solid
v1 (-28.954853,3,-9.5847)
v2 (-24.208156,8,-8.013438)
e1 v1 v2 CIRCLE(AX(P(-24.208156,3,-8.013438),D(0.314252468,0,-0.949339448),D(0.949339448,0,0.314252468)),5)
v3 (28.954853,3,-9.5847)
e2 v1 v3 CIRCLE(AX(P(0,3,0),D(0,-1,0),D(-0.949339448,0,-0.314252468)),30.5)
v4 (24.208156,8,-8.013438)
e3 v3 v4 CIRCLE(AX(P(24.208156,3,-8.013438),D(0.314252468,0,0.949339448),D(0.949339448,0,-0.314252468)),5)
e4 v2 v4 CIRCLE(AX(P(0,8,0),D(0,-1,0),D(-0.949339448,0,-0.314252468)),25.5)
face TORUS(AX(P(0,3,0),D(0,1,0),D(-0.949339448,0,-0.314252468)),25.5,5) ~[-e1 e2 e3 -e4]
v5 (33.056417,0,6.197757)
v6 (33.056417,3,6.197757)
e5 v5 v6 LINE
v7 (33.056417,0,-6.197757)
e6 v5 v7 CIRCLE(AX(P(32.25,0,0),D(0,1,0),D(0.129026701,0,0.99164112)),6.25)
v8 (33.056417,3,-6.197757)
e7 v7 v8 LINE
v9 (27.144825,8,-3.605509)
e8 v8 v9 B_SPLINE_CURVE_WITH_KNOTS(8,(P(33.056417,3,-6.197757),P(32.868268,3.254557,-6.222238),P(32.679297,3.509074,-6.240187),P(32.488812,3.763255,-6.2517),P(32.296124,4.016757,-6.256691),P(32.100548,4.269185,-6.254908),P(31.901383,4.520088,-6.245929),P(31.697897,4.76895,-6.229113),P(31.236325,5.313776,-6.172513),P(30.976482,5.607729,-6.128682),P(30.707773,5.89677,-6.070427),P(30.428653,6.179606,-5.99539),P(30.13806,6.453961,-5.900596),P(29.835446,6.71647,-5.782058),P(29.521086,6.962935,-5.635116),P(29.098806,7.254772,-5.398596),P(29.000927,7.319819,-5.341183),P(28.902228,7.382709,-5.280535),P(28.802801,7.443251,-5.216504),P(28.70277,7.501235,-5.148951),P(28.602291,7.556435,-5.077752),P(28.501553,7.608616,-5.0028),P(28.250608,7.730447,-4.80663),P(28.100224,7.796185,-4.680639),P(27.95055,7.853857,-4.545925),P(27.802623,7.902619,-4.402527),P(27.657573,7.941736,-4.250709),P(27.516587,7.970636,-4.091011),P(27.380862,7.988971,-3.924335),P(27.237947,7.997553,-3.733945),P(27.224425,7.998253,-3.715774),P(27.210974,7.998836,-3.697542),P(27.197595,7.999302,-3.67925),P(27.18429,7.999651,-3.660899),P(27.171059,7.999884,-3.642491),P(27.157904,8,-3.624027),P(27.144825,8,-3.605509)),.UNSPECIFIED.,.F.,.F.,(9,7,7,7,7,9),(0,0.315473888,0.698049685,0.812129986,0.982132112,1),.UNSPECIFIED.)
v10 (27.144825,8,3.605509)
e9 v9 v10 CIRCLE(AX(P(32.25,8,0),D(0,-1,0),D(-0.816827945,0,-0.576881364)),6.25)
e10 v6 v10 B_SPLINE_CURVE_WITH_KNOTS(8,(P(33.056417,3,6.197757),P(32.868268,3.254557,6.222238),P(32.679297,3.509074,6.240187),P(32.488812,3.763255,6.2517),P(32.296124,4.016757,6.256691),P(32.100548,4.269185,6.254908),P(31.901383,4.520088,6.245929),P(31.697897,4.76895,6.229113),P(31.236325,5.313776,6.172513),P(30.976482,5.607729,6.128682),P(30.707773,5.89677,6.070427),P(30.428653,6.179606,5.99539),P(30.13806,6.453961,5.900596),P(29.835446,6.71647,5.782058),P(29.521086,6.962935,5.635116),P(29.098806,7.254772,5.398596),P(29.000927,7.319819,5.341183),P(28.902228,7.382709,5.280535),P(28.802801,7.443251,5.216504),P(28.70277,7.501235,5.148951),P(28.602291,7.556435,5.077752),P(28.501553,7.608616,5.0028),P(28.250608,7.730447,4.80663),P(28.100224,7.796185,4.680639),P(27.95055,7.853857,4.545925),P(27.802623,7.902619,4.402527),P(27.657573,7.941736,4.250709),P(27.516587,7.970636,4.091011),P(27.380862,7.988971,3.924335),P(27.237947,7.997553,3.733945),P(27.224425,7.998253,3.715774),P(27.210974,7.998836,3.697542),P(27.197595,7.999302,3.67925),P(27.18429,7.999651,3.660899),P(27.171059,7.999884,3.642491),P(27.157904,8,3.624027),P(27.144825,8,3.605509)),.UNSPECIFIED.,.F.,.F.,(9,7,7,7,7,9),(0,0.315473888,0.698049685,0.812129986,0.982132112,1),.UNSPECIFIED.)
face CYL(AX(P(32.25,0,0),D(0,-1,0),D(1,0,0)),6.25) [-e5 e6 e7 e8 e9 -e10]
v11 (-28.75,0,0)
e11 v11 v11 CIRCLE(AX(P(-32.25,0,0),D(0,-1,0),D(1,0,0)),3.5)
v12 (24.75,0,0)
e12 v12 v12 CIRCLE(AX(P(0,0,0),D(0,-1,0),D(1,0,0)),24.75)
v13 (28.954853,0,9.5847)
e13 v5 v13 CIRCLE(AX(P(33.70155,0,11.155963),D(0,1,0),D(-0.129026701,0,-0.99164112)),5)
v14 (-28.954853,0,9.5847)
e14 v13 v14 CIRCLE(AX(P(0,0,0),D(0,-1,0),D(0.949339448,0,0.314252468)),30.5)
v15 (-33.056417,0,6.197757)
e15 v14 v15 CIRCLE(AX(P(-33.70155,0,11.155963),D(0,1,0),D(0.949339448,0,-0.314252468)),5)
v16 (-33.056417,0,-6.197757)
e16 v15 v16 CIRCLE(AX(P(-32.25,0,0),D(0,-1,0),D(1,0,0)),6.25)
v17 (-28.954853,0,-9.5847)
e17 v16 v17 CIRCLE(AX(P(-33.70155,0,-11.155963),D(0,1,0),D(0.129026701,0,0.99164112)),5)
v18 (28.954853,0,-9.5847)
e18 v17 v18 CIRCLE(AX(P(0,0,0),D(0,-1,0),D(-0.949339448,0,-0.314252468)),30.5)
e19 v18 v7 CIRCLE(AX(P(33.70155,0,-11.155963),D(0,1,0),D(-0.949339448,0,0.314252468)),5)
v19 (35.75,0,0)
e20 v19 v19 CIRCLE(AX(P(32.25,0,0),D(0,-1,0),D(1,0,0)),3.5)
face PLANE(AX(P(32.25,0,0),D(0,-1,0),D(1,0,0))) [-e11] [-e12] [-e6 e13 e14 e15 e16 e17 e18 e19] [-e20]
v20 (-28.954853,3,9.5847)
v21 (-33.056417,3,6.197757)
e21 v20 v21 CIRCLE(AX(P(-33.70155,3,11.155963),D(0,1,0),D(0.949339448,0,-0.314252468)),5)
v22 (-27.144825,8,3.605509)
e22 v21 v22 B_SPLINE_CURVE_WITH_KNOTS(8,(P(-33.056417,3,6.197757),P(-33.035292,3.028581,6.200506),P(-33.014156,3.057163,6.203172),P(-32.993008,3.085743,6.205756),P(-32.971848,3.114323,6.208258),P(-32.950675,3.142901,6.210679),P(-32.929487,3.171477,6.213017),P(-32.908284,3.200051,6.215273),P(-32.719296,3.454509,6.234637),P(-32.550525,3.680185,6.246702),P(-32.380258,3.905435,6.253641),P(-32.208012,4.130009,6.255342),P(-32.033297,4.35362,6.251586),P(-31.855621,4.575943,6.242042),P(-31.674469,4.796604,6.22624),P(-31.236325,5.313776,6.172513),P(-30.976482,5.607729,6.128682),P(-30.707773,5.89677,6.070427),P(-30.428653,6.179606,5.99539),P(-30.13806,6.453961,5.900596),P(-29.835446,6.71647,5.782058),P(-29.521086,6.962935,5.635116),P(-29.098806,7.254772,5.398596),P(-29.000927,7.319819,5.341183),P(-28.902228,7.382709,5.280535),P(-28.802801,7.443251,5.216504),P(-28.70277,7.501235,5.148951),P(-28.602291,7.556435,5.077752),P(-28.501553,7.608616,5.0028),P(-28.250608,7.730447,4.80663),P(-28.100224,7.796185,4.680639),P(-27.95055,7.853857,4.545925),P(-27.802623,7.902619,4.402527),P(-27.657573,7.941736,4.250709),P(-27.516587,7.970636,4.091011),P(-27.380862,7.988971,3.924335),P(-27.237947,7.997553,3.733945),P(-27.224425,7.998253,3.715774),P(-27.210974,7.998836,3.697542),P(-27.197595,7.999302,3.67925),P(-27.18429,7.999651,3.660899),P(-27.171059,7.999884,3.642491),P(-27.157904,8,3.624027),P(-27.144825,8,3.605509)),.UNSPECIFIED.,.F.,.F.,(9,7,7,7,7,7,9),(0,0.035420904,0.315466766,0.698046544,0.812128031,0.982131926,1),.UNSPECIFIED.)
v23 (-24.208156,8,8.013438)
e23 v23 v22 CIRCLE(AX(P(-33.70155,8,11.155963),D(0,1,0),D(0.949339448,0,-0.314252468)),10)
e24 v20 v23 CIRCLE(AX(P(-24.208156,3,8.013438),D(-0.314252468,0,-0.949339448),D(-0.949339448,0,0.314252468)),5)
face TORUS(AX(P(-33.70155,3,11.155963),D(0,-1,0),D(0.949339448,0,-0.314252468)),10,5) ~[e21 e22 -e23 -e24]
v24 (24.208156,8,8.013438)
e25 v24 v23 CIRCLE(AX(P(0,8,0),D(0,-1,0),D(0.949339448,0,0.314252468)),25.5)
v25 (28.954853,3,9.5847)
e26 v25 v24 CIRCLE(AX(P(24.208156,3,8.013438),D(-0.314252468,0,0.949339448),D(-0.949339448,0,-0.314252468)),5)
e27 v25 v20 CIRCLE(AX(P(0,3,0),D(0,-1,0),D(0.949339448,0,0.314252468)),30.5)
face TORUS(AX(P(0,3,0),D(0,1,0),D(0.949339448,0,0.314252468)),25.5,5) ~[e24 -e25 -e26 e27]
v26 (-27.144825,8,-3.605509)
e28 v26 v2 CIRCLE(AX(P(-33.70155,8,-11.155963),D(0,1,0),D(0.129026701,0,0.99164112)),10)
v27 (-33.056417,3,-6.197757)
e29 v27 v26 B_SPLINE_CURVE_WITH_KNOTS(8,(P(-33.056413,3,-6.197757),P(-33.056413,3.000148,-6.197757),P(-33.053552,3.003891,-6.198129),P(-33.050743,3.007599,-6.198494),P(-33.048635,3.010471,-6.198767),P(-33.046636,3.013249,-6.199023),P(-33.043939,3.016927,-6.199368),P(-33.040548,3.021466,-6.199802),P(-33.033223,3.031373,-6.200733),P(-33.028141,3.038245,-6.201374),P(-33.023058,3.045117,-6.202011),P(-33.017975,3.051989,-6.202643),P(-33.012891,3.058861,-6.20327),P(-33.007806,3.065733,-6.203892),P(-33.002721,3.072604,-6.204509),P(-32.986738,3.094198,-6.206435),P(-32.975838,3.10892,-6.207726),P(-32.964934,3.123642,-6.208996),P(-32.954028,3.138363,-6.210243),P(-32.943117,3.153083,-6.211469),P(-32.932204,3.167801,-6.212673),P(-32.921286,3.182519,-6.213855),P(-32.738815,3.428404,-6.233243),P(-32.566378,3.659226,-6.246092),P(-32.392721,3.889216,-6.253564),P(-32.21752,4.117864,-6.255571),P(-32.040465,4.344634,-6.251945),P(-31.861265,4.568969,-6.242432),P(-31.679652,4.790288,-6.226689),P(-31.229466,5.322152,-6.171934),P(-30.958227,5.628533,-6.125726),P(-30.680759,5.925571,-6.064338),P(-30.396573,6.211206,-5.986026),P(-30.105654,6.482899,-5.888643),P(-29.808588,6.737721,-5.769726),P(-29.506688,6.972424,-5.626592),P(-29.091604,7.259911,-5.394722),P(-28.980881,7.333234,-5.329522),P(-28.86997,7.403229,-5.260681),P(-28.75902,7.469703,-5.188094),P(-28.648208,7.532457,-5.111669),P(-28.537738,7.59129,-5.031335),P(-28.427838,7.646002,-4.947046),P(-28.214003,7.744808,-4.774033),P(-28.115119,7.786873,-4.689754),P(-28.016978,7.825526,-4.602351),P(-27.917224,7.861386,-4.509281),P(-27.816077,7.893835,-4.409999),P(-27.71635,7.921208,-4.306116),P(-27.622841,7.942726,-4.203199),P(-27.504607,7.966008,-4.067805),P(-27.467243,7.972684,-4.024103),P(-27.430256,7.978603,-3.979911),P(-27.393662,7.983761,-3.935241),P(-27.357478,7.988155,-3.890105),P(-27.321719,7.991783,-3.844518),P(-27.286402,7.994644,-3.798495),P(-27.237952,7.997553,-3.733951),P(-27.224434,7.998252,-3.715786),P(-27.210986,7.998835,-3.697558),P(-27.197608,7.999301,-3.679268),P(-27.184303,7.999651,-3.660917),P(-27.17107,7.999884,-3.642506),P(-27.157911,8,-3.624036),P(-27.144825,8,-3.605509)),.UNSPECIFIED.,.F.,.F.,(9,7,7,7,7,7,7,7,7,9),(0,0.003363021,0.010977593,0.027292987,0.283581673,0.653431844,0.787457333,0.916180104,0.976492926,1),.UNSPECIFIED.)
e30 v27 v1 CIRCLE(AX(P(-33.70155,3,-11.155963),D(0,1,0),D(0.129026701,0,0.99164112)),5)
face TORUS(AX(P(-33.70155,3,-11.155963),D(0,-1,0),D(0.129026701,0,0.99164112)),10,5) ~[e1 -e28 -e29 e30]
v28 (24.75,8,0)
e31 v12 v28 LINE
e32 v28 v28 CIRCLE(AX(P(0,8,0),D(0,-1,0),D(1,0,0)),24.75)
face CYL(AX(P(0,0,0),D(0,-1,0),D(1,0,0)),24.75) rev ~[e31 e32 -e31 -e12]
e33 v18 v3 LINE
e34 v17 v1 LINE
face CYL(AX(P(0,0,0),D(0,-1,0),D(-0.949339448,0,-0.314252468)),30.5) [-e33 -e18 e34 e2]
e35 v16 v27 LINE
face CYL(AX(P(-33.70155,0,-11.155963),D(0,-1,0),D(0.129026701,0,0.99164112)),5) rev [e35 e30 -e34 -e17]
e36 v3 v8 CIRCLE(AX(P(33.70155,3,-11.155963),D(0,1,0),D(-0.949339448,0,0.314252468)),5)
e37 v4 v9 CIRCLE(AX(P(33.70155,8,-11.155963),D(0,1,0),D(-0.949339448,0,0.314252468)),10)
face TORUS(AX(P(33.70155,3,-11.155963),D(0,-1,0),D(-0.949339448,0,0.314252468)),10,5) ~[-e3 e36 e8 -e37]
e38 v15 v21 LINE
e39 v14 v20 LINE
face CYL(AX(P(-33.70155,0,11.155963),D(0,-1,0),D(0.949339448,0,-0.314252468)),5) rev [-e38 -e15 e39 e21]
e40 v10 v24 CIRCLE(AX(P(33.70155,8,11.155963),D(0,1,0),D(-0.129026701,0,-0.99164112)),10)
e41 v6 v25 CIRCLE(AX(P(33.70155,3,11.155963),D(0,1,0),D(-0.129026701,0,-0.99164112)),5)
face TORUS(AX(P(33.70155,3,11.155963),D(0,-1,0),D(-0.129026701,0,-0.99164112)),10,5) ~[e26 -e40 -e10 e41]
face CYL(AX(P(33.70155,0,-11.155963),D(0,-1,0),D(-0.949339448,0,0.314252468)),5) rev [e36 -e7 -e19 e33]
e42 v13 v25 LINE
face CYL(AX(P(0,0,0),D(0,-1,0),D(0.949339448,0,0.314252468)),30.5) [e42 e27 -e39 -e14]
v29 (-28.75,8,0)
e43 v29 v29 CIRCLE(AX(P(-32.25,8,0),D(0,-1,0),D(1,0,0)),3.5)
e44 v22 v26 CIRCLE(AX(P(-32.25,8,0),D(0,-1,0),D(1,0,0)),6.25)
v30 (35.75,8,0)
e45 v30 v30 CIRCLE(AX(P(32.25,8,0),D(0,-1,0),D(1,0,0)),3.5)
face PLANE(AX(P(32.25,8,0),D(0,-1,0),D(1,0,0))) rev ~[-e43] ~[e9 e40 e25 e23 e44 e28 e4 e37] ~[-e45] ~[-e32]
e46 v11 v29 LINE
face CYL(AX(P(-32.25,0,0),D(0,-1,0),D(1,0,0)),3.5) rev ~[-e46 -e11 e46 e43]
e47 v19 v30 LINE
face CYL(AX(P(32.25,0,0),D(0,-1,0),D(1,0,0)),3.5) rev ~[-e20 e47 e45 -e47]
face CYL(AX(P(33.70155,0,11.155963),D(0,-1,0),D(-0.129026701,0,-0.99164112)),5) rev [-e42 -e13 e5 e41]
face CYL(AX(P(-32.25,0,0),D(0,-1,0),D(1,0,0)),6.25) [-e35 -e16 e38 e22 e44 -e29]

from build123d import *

# Parameters (mm, degrees)
F0_R     = 24.75
F1_DEPTH = 8
F3_R     = 5
F2_R     = 6.25
F2_R_2   = 3.5
F4_DEPTH = 8


with BuildPart() as f1:
    # F0 (on Front) → F1 (new body)
    with BuildSketch(Plane.XZ):
        with BuildLine():
            ThreePointArc((33.056416882, 6.1977569985), (30.5178723488, 7.3005515757), (28.9548531499, 9.5847002596))
            ThreePointArc((28.9548531499, 9.5847002596), (0, 30.5), (-28.9548531499, 9.5847002596))
            ThreePointArc((-28.9548531499, 9.5847002596), (-30.5178723488, 7.3005515757), (-33.056416882, 6.1977569985))
            ThreePointArc((-33.056416882, 6.1977569985), (-28.1255367326, 4.6958814674), (-26, 0))
            ThreePointArc((-26, 0), (-28.1255367326, -4.6958814674), (-33.056416882, -6.1977569985))
            ThreePointArc((-33.056416882, -6.1977569985), (-30.5178723488, -7.3005515757), (-28.9548531499, -9.5847002596))
            ThreePointArc((-28.9548531499, -9.5847002596), (0, -30.5), (28.9548531499, -9.5847002596))
            ThreePointArc((28.9548531499, -9.5847002596), (30.5178723488, -7.3005515757), (33.056416882, -6.1977569985))
            ThreePointArc((33.056416882, -6.1977569985), (26, 0), (33.056416882, 6.1977569985))
        make_face()
        Circle(F0_R, mode=Mode.SUBTRACT)
    extrude(amount=-F1_DEPTH)

    # F3
    f3_edges = [f1.edges().sort_by_distance(p)[0] for p in [
        (30.517872, 8, -7.300552),
        (0, 8, -30.5),
        (0, 8, 30.5),
    ]]
    fillet(f3_edges, radius=F3_R)

    # F2 (on Front) → F4 (join)
    with BuildSketch(Plane.XZ):
        with Locations((32.25, 0)):
            Circle(F2_R)
        with Locations((32.25, 0)):
            Circle(F2_R_2, mode=Mode.SUBTRACT)
        with Locations((-32.25, 0)):
            Circle(F2_R)
        with Locations((-32.25, 0)):
            Circle(F2_R_2, mode=Mode.SUBTRACT)
    extrude(amount=-F4_DEPTH)


solid = f1.part
